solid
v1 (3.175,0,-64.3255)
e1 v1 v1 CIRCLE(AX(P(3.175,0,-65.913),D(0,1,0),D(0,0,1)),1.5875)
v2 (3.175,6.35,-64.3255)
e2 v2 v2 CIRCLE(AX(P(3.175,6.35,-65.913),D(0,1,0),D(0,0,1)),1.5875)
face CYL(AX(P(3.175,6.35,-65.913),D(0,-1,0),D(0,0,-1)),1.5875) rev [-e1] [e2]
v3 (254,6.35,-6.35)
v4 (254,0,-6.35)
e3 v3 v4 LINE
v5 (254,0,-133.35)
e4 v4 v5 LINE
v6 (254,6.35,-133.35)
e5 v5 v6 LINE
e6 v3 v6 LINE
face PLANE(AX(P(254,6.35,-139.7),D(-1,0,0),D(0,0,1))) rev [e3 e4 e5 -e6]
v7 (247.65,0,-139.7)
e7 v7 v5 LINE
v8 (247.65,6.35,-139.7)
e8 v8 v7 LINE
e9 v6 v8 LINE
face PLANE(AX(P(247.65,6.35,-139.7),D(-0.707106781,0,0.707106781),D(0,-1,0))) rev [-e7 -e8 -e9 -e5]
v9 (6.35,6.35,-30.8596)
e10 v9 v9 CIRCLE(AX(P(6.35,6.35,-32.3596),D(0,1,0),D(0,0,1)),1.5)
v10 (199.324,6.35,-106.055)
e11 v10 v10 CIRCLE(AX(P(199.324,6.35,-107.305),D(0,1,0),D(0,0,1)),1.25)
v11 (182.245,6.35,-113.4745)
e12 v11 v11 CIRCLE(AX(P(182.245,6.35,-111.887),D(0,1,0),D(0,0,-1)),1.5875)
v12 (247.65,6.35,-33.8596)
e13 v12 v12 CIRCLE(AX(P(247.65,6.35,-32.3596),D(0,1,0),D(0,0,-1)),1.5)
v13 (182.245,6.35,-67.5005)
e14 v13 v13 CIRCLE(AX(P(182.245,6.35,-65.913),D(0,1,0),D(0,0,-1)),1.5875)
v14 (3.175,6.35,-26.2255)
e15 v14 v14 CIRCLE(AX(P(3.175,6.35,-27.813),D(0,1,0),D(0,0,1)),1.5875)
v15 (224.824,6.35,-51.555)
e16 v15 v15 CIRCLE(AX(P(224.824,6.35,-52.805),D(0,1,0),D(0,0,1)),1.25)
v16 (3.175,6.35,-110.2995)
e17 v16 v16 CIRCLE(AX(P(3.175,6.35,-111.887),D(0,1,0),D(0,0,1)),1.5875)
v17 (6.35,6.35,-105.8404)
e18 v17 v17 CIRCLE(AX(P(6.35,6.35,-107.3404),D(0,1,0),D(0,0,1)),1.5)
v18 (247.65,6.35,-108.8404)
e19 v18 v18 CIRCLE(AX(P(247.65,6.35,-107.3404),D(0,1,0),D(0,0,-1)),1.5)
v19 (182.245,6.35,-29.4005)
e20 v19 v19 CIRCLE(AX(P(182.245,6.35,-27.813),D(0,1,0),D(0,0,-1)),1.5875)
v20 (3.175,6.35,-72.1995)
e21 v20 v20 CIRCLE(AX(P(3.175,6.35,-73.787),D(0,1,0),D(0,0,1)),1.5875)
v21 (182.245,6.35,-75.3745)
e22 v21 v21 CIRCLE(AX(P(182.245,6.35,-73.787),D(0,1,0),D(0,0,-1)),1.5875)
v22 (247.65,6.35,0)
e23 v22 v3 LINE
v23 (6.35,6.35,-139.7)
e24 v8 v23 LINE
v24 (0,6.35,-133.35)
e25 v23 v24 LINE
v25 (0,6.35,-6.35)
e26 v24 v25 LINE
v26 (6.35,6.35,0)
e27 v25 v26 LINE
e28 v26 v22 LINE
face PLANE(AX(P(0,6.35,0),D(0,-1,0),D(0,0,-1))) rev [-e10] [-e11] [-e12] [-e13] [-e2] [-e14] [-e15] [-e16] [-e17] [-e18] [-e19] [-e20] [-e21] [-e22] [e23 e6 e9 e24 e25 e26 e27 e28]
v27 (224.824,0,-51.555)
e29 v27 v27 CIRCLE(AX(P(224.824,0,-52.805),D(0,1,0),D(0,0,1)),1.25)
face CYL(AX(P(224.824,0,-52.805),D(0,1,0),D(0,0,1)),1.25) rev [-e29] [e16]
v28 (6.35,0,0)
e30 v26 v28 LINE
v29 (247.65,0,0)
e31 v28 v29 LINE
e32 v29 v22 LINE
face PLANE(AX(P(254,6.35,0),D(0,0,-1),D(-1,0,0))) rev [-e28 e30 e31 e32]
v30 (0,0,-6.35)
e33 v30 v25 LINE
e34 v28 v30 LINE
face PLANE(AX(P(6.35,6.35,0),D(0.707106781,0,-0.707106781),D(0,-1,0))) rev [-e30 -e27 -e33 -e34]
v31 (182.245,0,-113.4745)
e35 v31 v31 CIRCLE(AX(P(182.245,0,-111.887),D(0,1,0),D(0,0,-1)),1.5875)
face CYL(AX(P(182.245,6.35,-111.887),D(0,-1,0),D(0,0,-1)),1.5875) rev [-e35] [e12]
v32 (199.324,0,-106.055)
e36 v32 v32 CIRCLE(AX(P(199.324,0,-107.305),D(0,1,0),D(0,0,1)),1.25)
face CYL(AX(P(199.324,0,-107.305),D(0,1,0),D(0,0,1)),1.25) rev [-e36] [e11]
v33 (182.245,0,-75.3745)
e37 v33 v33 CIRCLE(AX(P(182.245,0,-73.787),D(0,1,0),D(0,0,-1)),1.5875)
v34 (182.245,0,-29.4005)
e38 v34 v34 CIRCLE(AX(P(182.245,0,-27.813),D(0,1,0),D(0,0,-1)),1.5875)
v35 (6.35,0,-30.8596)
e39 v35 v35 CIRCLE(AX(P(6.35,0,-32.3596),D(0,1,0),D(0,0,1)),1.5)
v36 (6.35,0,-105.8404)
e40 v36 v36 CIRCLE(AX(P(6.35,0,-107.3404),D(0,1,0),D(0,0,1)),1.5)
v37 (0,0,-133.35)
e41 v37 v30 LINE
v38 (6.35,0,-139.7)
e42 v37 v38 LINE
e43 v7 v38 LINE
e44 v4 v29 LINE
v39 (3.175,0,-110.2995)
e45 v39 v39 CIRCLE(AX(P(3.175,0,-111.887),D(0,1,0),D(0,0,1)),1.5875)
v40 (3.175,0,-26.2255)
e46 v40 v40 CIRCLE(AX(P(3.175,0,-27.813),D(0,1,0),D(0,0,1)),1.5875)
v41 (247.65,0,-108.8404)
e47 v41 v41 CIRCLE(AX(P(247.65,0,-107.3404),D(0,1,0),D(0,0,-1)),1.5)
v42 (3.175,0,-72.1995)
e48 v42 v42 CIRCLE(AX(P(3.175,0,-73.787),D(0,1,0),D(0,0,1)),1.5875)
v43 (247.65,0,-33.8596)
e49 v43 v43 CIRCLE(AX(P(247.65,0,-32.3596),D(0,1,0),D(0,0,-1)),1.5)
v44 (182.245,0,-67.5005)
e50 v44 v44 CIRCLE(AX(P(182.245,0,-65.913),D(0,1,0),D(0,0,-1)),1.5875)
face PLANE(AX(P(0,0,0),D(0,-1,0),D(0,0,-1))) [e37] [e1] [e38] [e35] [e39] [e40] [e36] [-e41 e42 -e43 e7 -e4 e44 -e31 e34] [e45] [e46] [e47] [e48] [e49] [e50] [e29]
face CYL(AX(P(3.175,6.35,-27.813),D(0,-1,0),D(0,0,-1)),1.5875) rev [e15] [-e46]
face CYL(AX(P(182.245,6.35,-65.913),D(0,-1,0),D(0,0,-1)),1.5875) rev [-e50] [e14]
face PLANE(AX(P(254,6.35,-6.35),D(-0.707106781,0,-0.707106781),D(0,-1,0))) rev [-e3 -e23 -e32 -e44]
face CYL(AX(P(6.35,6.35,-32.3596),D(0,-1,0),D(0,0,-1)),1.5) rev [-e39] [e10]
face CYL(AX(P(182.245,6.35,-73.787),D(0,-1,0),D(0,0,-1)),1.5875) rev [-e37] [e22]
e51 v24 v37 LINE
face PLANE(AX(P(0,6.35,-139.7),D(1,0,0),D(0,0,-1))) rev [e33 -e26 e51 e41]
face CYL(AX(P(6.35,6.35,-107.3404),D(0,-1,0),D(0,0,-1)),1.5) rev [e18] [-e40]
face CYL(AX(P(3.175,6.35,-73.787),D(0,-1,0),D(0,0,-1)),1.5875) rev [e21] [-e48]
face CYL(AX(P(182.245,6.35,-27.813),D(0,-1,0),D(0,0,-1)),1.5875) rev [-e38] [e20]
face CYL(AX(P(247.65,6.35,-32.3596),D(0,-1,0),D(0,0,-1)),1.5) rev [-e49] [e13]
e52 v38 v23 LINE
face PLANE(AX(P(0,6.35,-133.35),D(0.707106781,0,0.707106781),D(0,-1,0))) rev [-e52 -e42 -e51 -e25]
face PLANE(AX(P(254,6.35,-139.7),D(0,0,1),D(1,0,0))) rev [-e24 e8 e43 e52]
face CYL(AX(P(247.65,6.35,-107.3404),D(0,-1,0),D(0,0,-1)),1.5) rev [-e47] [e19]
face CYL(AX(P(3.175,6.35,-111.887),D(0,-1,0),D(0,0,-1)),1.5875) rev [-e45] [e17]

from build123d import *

# Parameters (mm, degrees)
SKETCH1_W           = 254
SKETCH1_H           = 139.7
SKETCH1_R           = 1.5
SKETCH1_R_2         = 1.5875
BOSS_EXTRUDE1_DEPTH = 6.35
SKETCH2_R           = 1.25
CUT_EXTRUDE1_DEPTH  = 6.35
CHAMFER1_SIZE       = 6.35


with BuildPart() as part:
    # Sketch1 → Boss-Extrude1 (new body)
    with BuildSketch(Plane(origin=(0, 0, 0), x_dir=(1, 0, 0), z_dir=(0, 1, 0))):
        with Locations((127, 69.85)):
            Rectangle(SKETCH1_W, SKETCH1_H)
        with Locations(Location((6.35, 107.3404, 0), (0, 0, 270))):
            Circle(SKETCH1_R, mode=Mode.SUBTRACT)
        with Locations(Location((6.35, 32.3596, 0), (0, 0, 270))):
            Circle(SKETCH1_R, mode=Mode.SUBTRACT)
        with Locations(Location((247.65, 107.3404, 0), (0, 0, 90))):
            Circle(SKETCH1_R, mode=Mode.SUBTRACT)
        with Locations(Location((247.65, 32.3596, 0), (0, 0, 90))):
            Circle(SKETCH1_R, mode=Mode.SUBTRACT)
        with Locations(Location((3.175, 73.787, 0), (0, 0, 270))):
            Circle(SKETCH1_R_2, mode=Mode.SUBTRACT)
        with Locations(Location((3.175, 65.913, 0), (0, 0, 270))):
            Circle(SKETCH1_R_2, mode=Mode.SUBTRACT)
        with Locations(Location((3.175, 27.813, 0), (0, 0, 270))):
            Circle(SKETCH1_R_2, mode=Mode.SUBTRACT)
        with Locations(Location((3.175, 111.887, 0), (0, 0, 270))):
            Circle(SKETCH1_R_2, mode=Mode.SUBTRACT)
        with Locations(Location((182.245, 27.813, 0), (0, 0, 90))):
            Circle(SKETCH1_R_2, mode=Mode.SUBTRACT)
        with Locations(Location((182.245, 65.913, 0), (0, 0, 90))):
            Circle(SKETCH1_R_2, mode=Mode.SUBTRACT)
        with Locations(Location((182.245, 73.787, 0), (0, 0, 90))):
            Circle(SKETCH1_R_2, mode=Mode.SUBTRACT)
        with Locations(Location((182.245, 111.887, 0), (0, 0, 90))):
            Circle(SKETCH1_R_2, mode=Mode.SUBTRACT)
    extrude(amount=BOSS_EXTRUDE1_DEPTH)

    # Sketch2 → Cut-Extrude1 (cut)
    with BuildSketch(Plane(origin=(0, 6.35, 0), x_dir=(1, 0, 0), z_dir=(0, 1, 0))):
        with Locations(Location((199.324, 107.305, 0), (0, 0, 270))):
            Circle(SKETCH2_R)
        with Locations(Location((224.824, 52.805, 0), (0, 0, 270))):
            Circle(SKETCH2_R)
    extrude(amount=-CUT_EXTRUDE1_DEPTH, mode=Mode.SUBTRACT)

    # Chamfer1
    chamfer1_edges = [part.edges().sort_by_distance(p)[0] for p in [
        (254, 3.175, 0),
        (0, 3.175, 0),
        (0, 3.175, -139.7),
        (254, 3.175, -139.7),
    ]]
    chamfer(chamfer1_edges, length=CHAMFER1_SIZE)


solid = part.part
